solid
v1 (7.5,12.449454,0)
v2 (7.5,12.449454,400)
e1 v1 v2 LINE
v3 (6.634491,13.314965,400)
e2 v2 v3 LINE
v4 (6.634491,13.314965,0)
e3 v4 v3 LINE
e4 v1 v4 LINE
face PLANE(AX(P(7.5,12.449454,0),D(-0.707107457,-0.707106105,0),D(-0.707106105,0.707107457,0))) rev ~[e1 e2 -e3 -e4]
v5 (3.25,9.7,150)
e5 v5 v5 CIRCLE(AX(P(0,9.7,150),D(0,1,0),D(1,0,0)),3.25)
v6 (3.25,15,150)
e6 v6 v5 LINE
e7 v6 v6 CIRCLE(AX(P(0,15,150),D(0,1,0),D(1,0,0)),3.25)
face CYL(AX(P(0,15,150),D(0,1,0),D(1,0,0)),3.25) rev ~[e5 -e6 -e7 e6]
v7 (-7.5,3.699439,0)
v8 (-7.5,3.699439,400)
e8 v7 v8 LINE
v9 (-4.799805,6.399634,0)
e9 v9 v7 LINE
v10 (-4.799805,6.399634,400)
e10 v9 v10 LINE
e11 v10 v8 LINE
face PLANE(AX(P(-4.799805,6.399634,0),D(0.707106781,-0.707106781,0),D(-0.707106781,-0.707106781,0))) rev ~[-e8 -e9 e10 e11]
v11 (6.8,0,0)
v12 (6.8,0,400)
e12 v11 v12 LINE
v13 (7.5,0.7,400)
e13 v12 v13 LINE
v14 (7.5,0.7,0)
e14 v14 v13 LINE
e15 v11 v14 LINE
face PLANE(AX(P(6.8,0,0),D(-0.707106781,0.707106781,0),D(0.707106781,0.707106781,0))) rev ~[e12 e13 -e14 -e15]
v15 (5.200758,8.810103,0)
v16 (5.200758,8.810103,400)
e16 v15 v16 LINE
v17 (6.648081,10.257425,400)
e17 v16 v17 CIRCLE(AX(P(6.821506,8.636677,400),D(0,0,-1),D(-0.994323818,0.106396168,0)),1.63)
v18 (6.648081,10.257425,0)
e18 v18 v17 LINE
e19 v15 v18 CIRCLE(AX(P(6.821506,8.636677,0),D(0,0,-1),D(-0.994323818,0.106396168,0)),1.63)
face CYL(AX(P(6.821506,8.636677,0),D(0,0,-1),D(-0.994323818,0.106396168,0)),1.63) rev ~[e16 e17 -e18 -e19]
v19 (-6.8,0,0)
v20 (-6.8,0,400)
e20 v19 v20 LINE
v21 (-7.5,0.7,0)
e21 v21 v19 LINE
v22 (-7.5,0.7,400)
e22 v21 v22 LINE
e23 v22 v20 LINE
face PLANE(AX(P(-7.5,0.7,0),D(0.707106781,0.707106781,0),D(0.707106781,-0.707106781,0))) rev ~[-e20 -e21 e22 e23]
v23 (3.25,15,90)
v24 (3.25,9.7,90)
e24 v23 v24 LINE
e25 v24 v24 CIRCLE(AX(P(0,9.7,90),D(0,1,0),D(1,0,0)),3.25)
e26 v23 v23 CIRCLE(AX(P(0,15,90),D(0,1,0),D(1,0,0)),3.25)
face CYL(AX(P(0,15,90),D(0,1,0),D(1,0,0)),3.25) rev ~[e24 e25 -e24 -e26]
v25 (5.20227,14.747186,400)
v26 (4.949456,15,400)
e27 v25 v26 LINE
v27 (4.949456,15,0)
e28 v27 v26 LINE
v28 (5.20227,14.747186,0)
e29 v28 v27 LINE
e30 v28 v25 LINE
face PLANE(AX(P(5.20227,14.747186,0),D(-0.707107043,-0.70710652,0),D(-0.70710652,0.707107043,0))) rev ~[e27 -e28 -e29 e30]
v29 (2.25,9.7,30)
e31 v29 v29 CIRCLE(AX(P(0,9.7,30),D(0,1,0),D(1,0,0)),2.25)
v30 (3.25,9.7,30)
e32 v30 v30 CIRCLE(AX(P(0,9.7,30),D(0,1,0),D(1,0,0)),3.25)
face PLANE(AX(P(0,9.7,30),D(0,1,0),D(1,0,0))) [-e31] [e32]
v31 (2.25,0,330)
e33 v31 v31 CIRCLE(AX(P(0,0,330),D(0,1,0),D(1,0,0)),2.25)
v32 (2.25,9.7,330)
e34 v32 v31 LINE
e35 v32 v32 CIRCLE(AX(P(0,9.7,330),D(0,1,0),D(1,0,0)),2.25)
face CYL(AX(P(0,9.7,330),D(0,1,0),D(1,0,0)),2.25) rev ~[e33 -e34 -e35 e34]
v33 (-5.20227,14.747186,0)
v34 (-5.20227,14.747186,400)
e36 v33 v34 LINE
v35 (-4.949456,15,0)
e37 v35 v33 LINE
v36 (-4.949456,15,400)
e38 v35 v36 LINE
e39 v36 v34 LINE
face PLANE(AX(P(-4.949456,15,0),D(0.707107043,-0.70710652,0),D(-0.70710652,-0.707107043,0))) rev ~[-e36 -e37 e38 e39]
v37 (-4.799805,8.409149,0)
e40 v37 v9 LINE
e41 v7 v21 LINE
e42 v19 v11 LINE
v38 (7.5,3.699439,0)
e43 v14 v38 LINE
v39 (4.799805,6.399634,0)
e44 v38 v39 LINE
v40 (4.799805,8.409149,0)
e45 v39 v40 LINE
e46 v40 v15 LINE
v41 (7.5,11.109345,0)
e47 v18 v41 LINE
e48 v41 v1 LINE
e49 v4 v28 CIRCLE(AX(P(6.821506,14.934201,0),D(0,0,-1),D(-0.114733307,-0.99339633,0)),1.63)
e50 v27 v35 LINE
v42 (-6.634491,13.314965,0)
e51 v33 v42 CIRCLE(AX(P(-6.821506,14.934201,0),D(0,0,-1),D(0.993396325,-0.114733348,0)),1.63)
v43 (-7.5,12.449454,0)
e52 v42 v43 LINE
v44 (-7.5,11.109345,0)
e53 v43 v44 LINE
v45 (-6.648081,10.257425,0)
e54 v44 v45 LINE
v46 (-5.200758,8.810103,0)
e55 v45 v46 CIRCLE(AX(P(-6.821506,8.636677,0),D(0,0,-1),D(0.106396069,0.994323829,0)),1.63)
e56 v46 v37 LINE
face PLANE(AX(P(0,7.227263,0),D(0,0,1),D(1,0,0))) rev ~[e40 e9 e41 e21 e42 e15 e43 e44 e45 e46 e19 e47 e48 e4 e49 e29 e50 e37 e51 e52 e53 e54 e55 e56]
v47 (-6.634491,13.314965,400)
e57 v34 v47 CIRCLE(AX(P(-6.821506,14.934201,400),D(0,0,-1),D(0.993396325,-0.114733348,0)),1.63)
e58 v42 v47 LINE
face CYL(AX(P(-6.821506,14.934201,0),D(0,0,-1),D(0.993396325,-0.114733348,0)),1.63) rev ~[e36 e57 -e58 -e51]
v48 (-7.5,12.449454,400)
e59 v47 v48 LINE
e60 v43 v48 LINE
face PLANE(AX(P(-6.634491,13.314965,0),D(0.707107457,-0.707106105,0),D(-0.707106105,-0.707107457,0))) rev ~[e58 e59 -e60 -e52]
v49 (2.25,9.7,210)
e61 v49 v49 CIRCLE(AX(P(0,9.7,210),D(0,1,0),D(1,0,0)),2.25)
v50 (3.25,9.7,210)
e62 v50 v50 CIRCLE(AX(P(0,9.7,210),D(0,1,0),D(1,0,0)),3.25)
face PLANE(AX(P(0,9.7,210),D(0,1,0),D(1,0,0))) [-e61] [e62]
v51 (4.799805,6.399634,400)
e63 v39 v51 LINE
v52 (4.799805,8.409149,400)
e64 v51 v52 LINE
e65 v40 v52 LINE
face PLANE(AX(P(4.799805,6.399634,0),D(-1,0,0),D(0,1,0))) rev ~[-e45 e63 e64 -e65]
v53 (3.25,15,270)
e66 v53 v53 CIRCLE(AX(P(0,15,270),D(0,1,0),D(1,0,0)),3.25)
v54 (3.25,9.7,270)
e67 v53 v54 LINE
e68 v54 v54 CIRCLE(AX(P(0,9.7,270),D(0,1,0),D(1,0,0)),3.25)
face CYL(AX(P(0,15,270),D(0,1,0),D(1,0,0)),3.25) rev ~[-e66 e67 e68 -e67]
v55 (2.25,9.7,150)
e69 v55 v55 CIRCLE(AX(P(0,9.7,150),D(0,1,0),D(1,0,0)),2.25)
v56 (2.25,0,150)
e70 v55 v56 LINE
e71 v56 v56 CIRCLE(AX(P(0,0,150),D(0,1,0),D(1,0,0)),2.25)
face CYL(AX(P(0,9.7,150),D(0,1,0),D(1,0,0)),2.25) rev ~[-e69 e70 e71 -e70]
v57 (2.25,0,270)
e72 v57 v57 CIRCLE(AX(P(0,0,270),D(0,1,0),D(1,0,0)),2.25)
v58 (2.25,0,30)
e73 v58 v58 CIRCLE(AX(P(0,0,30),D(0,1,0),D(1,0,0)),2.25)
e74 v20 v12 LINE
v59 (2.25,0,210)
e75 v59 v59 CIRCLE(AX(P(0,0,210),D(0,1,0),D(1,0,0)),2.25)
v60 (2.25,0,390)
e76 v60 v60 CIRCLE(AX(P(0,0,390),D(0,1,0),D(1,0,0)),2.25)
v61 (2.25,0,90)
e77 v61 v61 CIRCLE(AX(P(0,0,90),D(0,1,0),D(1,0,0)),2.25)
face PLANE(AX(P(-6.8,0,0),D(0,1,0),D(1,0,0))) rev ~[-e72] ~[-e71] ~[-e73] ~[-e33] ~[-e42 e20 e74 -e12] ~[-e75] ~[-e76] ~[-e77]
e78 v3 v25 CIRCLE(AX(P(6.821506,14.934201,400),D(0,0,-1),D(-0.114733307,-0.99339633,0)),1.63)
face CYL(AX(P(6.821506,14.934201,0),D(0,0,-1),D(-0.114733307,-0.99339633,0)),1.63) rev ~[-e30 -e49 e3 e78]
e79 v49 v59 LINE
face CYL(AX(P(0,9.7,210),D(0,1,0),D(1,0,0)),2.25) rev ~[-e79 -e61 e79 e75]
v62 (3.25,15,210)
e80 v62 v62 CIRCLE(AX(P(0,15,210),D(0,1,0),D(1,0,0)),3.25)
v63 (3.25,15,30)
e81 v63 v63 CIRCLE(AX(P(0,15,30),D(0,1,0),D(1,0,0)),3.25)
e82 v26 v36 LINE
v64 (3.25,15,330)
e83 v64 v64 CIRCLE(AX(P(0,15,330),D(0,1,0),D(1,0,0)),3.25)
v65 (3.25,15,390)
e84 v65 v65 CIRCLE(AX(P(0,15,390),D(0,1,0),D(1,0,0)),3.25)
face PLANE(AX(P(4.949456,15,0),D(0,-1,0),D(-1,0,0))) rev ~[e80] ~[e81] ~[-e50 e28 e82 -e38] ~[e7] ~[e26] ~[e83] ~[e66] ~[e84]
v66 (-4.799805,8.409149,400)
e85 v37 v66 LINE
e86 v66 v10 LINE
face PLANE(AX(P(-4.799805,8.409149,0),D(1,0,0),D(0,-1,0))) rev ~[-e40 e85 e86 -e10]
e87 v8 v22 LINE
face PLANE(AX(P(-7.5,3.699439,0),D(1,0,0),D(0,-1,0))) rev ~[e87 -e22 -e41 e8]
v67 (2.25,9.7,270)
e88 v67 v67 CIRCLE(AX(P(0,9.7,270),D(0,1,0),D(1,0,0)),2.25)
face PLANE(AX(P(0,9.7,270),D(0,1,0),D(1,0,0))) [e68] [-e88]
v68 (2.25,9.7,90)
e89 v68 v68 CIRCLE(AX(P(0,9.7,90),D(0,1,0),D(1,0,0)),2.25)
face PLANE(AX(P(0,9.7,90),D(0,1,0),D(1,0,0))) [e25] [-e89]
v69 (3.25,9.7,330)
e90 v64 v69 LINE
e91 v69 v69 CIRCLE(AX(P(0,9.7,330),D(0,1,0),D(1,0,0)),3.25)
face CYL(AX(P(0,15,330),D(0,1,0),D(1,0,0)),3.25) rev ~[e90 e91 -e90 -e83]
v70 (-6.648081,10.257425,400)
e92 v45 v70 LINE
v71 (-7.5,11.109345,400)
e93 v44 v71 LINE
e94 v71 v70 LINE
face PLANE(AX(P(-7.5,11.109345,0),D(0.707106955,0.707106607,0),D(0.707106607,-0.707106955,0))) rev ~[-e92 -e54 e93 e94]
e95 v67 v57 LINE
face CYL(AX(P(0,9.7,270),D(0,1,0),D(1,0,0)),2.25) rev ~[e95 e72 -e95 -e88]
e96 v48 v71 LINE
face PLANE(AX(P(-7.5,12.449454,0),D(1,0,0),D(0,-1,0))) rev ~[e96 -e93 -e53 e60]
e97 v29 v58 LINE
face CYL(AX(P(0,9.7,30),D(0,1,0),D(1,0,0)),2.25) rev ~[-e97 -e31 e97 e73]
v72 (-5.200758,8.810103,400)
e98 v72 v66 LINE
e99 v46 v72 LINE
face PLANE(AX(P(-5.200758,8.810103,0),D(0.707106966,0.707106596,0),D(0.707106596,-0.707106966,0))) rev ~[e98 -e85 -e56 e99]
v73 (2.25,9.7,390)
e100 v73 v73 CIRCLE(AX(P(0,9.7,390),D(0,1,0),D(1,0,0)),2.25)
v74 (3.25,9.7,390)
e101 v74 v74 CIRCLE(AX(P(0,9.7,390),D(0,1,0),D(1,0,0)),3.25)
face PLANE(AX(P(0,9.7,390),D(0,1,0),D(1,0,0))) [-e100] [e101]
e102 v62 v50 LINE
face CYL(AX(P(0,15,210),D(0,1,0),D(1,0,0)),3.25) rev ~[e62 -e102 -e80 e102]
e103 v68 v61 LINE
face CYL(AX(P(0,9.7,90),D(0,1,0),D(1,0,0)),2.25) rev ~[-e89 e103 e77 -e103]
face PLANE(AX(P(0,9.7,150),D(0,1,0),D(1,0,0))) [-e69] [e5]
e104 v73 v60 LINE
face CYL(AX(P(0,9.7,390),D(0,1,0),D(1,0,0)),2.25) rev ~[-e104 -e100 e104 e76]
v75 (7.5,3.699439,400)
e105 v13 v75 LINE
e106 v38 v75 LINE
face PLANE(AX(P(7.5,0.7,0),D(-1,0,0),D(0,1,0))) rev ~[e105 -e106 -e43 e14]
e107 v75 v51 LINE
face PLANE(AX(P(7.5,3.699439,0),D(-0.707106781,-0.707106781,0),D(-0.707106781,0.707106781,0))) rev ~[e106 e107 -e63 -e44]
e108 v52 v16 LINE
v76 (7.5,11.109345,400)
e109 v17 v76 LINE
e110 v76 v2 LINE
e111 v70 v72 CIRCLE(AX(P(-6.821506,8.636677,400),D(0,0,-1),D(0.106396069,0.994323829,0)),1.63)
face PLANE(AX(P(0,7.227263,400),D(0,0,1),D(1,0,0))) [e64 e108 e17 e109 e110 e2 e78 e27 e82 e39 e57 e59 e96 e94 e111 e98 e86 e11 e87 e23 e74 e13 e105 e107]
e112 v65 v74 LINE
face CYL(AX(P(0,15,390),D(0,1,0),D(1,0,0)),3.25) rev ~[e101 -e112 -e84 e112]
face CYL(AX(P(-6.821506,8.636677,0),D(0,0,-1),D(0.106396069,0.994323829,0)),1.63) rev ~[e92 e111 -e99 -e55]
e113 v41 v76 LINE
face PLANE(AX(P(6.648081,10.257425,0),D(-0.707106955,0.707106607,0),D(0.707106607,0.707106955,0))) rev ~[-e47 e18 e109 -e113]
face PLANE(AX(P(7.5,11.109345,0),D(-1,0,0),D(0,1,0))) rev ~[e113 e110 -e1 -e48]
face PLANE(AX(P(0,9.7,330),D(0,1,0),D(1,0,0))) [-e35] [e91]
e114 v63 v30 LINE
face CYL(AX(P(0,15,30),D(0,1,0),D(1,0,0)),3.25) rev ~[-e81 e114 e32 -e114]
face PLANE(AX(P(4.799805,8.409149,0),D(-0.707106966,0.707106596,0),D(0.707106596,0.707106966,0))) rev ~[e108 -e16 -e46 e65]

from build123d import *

# Parameters (mm, degrees)
EXTRUDE_1_DEPTH     = 400
SKETCH_2_R          = 3.25
CUT_EXTRUDE_1_DEPTH = 5.3
SKETCH_3_R          = 2.25
CUT_EXTRUDE_2_DEPTH = 10.7


with BuildPart() as part:
    # Model → Бобышка-Вытянуть1 (new body)
    with BuildSketch(Plane.XY):
        with BuildLine():
            Line((6.8, 0), (7.5, 0.7))
            Line((7.5, 0.7), (7.5, 3.6994391))
            Line((7.5, 3.6994391), (4.7998047, 6.3996344))
            Line((4.7998047, 6.3996344), (4.7998047, 8.409149262))
            Line((4.7998047, 8.409149262), (5.20075838, 8.810103152))
            ThreePointArc((5.20075838, 8.810103152), (5.668922208, 9.789261508), (6.648080611, 10.257425237))
            Line((6.648080611, 10.257425237), (7.5, 11.109345046))
            Line((7.5, 11.109345046), (7.5, 12.449454443))
            Line((7.5, 12.449454443), (6.634490912, 13.314965186))
            ThreePointArc((6.634490912, 13.314965186), (5.668922174, 13.781617126), (5.202270193, 14.747185846))
            Line((5.202270193, 14.747185846), (4.949456226, 15))
            Line((4.949456226, 15), (-4.949456226, 15))
            Line((-4.949456226, 15), (-5.202270193, 14.747185846))
            ThreePointArc((-5.202270193, 14.747185846), (-5.668922174, 13.781617126), (-6.634490912, 13.314965186))
            Line((-6.634490912, 13.314965186), (-7.5, 12.449454443))
            Line((-7.5, 12.449454443), (-7.5, 11.109345046))
            Line((-7.5, 11.109345046), (-6.648080611, 10.257425238))
            ThreePointArc((-6.648080611, 10.257425238), (-5.668922208, 9.789261508), (-5.20075838, 8.810103152))
            Line((-5.20075838, 8.810103152), (-4.7998047, 8.409149262))
            Line((-4.7998047, 8.409149262), (-4.7998047, 6.3996344))
            Line((-4.7998047, 6.3996344), (-7.5, 3.6994391))
            Line((-7.5, 3.6994391), (-7.5, 0.7))
            Line((-7.5, 0.7), (-6.8, 0))
            Line((-6.8, 0), (6.8, 0))
        make_face()
    extrude(amount=EXTRUDE_1_DEPTH)

    # Эскиз2 → Вырез-Вытянуть1 (cut)
    with BuildSketch(Plane(origin=(0, 15, 0), x_dir=(1, 0, 0), z_dir=(0, 1, 0))):
        with Locations((0, -30)):
            Circle(SKETCH_2_R)
        with Locations((0, -90)):
            Circle(SKETCH_2_R)
        with Locations((0, -150)):
            Circle(SKETCH_2_R)
        with Locations((0, -210)):
            Circle(SKETCH_2_R)
        with Locations((0, -270)):
            Circle(SKETCH_2_R)
        with Locations((0, -330)):
            Circle(SKETCH_2_R)
        with Locations((0, -390)):
            Circle(SKETCH_2_R)
        with Locations((0, -450)):
            Circle(SKETCH_2_R)
        with Locations((0, -510)):
            Circle(SKETCH_2_R)
        with Locations((0, -570)):
            Circle(SKETCH_2_R)
    extrude(amount=-CUT_EXTRUDE_1_DEPTH, mode=Mode.SUBTRACT)

    # Эскиз3 → Вырез-Вытянуть2 (cut, through all)
    with BuildSketch(Plane(origin=(0, 9.7, 0), x_dir=(1, 0, 0), z_dir=(0, 1, 0))):
        with Locations((0, -30)):
            Circle(SKETCH_3_R)
        with Locations((0, -90)):
            Circle(SKETCH_3_R)
        with Locations((0, -150)):
            Circle(SKETCH_3_R)
        with Locations((0, -210)):
            Circle(SKETCH_3_R)
        with Locations((0, -270)):
            Circle(SKETCH_3_R)
        with Locations((0, -330)):
            Circle(SKETCH_3_R)
        with Locations((0, -390)):
            Circle(SKETCH_3_R)
        with Locations((0, -450)):
            Circle(SKETCH_3_R)
        with Locations((0, -510)):
            Circle(SKETCH_3_R)
        with Locations((0, -570)):
            Circle(SKETCH_3_R)
    extrude(amount=-CUT_EXTRUDE_2_DEPTH, mode=Mode.SUBTRACT)


solid = part.part
